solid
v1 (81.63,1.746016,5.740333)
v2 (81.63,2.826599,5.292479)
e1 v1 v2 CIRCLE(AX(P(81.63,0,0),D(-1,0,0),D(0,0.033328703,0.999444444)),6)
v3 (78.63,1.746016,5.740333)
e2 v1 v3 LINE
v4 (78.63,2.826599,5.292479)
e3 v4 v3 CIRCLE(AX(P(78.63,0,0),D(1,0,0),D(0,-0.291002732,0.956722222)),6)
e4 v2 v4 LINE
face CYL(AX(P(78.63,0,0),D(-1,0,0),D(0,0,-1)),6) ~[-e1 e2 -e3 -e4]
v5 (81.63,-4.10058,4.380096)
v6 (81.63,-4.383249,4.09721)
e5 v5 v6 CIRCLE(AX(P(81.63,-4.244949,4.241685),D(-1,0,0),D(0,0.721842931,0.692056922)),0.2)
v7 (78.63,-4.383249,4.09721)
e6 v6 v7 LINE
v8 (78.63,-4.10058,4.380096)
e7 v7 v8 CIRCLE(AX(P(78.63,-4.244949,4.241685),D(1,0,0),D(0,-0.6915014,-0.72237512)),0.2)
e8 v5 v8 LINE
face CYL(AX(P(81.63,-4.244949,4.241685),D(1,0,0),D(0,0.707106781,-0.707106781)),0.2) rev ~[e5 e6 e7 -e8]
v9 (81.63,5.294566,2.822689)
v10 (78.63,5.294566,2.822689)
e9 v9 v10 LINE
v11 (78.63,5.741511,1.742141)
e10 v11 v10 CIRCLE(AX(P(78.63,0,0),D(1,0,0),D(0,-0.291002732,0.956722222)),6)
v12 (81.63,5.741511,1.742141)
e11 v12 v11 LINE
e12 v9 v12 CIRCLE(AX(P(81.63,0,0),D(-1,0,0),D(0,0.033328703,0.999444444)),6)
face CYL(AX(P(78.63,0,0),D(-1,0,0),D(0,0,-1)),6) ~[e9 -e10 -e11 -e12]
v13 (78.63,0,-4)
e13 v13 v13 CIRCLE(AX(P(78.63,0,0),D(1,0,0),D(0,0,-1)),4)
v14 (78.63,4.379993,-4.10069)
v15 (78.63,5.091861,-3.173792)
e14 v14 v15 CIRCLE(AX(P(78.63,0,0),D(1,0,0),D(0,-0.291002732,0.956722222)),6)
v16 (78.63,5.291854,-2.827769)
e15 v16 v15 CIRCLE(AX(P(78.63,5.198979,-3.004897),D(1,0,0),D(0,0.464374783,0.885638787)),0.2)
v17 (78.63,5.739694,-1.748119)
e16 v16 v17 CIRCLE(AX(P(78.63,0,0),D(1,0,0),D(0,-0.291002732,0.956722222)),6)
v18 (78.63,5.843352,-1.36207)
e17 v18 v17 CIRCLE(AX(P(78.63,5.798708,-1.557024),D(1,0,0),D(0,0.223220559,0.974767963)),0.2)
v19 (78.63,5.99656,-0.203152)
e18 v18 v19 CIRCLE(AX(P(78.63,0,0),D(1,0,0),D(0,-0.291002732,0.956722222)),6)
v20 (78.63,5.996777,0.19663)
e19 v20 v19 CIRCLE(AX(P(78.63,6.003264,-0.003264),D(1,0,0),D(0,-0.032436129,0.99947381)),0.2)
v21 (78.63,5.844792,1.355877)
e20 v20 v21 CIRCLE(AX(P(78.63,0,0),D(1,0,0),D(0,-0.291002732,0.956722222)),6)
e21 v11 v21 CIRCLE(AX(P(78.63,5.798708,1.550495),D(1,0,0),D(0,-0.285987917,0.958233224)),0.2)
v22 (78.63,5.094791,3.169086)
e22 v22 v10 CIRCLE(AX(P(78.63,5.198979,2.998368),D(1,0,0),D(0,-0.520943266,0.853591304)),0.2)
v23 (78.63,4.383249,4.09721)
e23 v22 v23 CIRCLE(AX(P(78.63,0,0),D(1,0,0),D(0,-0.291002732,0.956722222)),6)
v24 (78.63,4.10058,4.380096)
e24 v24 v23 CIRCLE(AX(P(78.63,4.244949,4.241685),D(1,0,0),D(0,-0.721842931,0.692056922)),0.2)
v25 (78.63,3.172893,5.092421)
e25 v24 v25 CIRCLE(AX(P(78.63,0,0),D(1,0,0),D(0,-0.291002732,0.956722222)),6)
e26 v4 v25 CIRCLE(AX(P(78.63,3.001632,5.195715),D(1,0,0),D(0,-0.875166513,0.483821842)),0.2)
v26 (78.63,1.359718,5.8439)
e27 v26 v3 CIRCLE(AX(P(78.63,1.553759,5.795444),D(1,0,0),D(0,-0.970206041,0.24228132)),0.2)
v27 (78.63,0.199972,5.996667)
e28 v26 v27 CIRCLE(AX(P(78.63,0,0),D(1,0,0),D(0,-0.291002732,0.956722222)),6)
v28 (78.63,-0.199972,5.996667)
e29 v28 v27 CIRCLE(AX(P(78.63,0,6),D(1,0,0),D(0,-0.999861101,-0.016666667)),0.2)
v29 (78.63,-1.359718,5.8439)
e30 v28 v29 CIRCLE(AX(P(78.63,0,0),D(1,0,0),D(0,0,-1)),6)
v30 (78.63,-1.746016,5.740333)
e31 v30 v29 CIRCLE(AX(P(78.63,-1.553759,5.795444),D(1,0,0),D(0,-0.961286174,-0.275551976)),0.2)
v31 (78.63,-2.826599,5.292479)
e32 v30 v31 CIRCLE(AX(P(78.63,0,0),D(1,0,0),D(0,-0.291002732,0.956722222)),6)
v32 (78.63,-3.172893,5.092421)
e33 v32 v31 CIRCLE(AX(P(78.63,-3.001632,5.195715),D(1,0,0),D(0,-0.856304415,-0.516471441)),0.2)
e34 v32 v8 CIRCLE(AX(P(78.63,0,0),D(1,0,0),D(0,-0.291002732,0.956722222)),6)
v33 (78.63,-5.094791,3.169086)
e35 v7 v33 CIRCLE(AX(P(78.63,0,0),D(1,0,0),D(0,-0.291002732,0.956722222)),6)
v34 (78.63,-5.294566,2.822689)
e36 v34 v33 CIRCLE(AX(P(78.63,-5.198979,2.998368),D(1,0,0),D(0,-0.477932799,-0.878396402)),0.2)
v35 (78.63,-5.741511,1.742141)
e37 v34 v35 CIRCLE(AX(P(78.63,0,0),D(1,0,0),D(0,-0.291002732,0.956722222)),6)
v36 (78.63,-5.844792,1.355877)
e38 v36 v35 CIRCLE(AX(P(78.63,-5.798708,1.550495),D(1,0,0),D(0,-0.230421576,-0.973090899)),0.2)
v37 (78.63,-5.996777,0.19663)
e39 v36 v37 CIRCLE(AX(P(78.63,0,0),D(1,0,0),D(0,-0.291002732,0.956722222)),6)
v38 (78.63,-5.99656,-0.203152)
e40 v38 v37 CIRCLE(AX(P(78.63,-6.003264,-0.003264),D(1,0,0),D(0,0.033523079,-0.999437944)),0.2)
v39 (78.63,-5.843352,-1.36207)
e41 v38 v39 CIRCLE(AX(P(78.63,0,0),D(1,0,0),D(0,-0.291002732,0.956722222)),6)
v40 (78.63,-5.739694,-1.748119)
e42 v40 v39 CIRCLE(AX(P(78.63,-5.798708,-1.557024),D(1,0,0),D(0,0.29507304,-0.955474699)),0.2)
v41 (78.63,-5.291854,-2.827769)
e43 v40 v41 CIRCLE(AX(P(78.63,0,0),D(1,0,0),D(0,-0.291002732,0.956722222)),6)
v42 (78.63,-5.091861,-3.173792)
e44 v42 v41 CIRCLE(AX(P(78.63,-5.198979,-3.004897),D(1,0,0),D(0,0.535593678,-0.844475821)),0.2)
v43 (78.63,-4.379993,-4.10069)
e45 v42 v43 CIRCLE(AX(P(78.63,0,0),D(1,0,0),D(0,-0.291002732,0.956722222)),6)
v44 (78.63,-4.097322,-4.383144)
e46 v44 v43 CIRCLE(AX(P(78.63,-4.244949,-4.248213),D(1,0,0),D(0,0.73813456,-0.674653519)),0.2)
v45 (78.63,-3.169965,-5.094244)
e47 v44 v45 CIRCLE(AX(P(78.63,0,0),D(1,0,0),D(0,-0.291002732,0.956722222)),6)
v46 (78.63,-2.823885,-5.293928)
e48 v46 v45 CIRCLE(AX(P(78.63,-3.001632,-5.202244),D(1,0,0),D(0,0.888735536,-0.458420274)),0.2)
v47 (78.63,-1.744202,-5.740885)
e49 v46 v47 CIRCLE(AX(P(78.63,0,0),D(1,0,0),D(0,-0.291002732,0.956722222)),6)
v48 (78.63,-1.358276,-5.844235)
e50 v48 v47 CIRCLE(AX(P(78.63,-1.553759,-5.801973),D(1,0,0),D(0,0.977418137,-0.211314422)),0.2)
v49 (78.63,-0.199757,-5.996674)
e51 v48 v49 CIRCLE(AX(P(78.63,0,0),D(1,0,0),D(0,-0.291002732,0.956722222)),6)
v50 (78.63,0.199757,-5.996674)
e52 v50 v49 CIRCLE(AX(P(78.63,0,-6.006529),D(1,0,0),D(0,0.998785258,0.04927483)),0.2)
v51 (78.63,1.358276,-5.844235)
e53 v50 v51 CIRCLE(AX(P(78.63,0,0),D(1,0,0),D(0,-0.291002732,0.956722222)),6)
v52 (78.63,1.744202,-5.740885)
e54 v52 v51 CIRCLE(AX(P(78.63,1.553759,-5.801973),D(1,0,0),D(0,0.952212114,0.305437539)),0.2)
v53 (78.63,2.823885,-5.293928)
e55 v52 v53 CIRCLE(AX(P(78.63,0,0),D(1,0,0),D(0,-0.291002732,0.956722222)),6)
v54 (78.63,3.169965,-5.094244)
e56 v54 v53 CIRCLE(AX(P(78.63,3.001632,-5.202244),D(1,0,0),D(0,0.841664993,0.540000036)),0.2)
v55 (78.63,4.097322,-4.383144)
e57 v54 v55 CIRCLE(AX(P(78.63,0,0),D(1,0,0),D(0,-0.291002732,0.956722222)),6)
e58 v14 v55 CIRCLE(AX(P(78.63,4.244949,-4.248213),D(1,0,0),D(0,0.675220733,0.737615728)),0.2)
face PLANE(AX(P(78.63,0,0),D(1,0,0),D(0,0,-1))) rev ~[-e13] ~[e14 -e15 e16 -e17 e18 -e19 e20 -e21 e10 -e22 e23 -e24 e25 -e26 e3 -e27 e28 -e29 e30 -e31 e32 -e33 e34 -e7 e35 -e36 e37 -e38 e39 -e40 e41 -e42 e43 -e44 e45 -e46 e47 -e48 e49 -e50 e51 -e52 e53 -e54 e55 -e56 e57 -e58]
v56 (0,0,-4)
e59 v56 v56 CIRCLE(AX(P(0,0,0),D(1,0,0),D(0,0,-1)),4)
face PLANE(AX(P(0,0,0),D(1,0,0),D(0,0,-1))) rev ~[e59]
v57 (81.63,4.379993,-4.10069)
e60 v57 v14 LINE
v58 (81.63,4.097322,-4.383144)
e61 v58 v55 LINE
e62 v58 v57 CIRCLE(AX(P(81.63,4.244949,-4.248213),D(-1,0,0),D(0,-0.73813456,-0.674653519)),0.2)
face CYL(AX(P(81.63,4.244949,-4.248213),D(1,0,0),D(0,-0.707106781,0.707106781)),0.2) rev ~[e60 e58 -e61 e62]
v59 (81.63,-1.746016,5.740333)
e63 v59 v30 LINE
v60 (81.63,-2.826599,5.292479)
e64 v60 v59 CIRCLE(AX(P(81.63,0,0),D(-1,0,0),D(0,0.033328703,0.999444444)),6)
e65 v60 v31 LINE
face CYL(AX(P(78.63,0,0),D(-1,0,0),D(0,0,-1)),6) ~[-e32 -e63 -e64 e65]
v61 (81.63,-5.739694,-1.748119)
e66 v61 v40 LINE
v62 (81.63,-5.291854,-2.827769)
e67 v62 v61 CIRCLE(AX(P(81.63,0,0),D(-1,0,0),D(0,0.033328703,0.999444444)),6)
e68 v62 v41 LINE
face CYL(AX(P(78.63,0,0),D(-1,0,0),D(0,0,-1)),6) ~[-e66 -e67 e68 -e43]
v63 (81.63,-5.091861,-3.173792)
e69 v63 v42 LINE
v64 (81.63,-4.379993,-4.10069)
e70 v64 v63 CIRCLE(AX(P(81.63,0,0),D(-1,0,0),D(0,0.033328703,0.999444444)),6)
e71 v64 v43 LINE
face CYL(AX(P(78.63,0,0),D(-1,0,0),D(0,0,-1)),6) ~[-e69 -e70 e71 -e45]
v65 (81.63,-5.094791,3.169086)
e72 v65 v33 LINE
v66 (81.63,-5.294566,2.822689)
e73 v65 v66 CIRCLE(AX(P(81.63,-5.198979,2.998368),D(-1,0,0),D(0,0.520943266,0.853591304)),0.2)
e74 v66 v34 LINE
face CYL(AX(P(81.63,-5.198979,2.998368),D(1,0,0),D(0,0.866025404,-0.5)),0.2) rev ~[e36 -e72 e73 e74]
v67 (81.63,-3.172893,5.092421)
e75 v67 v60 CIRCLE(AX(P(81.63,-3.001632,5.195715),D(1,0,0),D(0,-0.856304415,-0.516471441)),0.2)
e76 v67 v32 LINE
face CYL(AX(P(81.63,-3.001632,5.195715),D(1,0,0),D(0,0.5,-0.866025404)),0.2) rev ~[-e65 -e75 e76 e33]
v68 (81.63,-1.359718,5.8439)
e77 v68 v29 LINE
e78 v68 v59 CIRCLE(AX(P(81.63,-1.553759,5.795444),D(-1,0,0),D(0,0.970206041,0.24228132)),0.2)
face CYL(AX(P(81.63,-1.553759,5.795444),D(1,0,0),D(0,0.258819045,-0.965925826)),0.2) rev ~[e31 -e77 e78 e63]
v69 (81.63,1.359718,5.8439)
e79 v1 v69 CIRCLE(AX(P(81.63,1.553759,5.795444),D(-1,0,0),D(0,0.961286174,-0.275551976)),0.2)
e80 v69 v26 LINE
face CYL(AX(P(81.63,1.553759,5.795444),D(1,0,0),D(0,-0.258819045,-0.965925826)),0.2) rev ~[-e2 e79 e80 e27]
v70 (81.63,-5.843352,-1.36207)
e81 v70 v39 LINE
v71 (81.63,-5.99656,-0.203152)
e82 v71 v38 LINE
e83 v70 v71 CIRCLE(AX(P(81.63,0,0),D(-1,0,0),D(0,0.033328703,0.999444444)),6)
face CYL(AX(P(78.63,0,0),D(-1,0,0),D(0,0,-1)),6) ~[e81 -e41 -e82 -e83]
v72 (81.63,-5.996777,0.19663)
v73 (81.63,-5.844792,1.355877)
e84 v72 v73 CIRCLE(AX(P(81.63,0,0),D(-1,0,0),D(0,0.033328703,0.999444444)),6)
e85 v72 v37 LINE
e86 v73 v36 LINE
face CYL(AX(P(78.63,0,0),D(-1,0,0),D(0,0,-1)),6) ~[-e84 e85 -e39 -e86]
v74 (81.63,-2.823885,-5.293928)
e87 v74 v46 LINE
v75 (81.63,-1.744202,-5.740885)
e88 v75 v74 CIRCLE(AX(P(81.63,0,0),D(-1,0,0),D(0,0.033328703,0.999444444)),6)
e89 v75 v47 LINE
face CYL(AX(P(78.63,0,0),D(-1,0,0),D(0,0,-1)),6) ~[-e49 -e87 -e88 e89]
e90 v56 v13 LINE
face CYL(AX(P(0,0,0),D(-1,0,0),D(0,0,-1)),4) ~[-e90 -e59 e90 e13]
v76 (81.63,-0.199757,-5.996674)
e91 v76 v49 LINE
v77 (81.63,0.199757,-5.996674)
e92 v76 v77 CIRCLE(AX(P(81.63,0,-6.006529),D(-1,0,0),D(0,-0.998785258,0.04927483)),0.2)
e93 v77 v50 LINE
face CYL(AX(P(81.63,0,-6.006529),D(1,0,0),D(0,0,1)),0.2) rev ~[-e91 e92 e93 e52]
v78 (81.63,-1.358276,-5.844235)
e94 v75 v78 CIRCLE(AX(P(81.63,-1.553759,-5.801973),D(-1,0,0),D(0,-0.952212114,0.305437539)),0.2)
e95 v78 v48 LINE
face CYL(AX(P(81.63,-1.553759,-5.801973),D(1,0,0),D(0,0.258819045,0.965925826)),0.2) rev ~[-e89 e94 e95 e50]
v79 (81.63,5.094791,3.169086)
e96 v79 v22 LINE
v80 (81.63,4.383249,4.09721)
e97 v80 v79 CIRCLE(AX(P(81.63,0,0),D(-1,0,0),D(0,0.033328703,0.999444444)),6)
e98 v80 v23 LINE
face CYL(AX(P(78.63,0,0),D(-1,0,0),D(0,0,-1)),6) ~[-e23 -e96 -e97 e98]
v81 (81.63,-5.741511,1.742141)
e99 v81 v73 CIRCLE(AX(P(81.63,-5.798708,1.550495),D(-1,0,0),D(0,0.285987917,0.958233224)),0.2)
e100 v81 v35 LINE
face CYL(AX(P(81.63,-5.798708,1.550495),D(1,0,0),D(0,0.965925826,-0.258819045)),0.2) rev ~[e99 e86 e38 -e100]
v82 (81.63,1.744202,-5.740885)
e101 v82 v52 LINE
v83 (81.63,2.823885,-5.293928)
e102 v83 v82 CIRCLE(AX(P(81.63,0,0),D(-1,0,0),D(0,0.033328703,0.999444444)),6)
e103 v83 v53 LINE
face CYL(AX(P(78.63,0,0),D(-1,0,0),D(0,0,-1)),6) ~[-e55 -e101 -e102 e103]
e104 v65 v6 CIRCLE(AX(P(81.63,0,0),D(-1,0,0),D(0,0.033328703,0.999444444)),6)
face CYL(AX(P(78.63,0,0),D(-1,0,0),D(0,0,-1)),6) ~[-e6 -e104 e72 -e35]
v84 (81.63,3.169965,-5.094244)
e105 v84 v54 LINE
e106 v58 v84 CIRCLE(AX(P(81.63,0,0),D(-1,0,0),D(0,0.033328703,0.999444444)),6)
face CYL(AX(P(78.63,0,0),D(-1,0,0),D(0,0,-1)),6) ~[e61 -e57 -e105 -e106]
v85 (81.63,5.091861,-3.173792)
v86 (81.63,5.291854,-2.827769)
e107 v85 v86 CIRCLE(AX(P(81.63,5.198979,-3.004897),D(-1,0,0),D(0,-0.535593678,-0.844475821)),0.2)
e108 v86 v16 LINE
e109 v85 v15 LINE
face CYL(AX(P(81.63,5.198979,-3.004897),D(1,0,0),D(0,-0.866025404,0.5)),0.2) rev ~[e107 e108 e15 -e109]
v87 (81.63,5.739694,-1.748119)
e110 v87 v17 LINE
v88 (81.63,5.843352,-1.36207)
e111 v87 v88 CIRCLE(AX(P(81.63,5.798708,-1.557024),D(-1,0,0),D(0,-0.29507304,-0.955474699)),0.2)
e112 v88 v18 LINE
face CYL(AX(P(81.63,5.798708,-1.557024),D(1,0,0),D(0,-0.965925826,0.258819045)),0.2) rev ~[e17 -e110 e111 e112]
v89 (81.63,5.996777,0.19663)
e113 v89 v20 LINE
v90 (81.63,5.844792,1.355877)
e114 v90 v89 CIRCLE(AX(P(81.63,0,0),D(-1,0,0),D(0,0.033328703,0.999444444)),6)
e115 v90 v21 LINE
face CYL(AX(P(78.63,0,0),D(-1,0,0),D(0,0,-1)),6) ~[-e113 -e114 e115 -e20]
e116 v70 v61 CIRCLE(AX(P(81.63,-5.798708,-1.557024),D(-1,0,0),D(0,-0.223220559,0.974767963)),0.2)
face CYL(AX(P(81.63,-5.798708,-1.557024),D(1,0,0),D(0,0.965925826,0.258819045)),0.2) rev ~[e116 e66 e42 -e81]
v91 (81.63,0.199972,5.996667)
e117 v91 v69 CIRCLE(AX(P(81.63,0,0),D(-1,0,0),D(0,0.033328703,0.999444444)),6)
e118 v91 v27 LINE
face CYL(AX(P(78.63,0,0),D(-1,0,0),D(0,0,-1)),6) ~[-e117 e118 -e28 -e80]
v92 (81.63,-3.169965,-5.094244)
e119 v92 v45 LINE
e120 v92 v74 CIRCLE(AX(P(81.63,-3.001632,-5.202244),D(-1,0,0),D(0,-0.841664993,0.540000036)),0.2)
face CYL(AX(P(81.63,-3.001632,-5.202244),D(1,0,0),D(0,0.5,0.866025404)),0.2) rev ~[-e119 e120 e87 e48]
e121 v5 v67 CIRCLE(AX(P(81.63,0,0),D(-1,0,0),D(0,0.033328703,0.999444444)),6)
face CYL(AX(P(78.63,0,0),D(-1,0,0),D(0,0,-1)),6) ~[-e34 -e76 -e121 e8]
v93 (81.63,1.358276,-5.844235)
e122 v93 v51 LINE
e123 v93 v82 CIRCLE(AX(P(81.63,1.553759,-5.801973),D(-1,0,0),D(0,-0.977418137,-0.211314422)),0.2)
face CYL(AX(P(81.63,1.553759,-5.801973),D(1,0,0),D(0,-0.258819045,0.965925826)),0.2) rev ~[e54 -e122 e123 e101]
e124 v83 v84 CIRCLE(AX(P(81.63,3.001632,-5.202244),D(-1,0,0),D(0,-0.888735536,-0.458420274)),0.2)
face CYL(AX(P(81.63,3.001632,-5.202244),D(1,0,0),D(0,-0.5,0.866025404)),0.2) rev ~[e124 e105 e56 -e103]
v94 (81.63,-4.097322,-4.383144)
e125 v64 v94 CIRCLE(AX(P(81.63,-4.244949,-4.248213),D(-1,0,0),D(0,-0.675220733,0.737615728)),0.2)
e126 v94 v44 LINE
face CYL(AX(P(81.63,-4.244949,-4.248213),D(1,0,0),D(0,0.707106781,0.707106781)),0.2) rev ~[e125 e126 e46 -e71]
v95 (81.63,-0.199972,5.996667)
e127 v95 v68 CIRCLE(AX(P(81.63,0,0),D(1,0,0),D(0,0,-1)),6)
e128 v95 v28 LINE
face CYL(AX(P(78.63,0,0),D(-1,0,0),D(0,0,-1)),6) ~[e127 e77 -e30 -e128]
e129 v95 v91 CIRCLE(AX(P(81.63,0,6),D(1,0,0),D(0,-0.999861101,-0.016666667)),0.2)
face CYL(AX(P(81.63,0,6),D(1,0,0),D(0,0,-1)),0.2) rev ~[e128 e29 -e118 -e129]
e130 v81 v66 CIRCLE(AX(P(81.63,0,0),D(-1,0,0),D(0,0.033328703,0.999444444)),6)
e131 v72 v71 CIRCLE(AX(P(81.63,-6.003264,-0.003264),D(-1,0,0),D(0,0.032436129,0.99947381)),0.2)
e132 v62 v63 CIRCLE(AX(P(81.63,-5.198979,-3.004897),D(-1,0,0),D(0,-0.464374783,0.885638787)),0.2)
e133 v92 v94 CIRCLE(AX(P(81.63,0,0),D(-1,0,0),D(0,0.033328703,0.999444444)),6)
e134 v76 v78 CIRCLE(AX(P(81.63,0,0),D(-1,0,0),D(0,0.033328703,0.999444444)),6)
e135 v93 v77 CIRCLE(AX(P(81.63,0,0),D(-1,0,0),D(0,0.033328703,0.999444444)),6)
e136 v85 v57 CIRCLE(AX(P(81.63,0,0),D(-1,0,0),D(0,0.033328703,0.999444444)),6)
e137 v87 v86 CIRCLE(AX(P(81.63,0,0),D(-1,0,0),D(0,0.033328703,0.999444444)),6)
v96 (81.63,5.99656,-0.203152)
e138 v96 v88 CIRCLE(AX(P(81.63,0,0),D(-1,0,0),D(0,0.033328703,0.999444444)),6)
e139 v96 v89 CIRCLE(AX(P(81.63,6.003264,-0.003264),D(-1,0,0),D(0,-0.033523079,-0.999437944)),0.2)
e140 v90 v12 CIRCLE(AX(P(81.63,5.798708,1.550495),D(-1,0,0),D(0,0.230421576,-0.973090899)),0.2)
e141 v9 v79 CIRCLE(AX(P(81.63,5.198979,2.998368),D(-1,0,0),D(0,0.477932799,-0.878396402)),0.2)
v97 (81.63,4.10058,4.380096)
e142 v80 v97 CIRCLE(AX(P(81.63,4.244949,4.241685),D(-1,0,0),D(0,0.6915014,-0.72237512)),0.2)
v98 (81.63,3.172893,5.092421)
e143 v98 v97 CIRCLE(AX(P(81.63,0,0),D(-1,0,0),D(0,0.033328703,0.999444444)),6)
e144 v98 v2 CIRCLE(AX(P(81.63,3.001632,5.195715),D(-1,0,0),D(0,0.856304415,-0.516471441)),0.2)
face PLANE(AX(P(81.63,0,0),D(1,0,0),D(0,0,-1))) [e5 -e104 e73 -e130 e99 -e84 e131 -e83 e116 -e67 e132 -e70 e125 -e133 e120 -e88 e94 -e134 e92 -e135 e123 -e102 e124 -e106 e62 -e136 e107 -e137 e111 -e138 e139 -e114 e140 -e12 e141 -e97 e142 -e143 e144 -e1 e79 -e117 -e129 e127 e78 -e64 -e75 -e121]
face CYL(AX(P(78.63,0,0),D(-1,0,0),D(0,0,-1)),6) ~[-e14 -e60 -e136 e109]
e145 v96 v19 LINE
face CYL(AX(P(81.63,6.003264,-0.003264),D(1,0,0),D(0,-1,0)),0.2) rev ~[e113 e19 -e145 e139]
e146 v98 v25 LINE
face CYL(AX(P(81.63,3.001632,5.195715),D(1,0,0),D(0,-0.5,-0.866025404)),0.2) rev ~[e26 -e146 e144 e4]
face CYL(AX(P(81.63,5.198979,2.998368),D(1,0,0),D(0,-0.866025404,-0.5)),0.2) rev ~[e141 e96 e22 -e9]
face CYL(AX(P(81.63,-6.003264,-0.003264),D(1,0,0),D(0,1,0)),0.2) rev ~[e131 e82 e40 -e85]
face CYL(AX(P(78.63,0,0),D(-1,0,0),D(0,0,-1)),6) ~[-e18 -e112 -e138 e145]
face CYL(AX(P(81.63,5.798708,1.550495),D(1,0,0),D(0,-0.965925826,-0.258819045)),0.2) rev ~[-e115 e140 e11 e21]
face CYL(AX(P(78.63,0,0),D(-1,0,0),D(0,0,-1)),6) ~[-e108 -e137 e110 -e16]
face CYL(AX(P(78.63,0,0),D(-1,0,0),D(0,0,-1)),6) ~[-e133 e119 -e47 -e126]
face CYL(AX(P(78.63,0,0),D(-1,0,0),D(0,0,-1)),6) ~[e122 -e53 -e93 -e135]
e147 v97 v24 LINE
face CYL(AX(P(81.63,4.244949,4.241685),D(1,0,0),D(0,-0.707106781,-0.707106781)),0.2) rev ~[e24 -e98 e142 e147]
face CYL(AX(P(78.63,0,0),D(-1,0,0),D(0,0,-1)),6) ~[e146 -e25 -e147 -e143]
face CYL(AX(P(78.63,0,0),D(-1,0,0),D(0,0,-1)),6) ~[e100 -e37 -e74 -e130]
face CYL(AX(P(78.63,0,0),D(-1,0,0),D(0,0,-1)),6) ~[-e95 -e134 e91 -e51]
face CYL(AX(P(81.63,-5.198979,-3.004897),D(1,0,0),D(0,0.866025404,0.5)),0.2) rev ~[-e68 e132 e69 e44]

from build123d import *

# Parameters (mm, degrees)
SKETCH1_R           = 4
BOSS_EXTRUDE2_DEPTH = 78.63
SKETCH2_R           = 6
BOSS_EXTRUDE3_DEPTH = 3
SKETCH3_R           = 0.2
CUT_EXTRUDE1_DEPTH  = 3
CIRPATTERN1_COUNT   = 24


with BuildPart() as part:
    # Sketch1 → Boss-Extrude2 (new body)
    with BuildSketch(Plane(origin=(0, 0, 0), x_dir=(0, 0, -1), z_dir=(1, 0, 0))):
        Circle(SKETCH1_R)
    extrude(amount=BOSS_EXTRUDE2_DEPTH)

    # Sketch2 → Boss-Extrude3 (add)
    with BuildSketch(Plane(origin=(78.63, 0, 0), x_dir=(0, 0, -1), z_dir=(1, 0, 0))):
        Circle(SKETCH2_R)
    extrude(amount=BOSS_EXTRUDE3_DEPTH)

    # Sketch3 → Cut-Extrude1 (cut)
    with BuildSketch(Plane(origin=(81.63, 0, 0), x_dir=(0, 0, -1), z_dir=(1, 0, 0))):
        with Locations((-6, 0)):
            Circle(SKETCH3_R)
    cut_extrude1 = extrude(amount=-CUT_EXTRUDE1_DEPTH, mode=Mode.SUBTRACT)

    # CirPattern1: Cut-Extrude1 ×24 about axis
    cirpattern1_axis = Axis((0, 0, -0.003264402), (1, 0, 0))
    for i in range(1, CIRPATTERN1_COUNT):
        add(cut_extrude1.rotate(cirpattern1_axis, i * 360 / CIRPATTERN1_COUNT), mode=Mode.SUBTRACT)


solid = part.part
